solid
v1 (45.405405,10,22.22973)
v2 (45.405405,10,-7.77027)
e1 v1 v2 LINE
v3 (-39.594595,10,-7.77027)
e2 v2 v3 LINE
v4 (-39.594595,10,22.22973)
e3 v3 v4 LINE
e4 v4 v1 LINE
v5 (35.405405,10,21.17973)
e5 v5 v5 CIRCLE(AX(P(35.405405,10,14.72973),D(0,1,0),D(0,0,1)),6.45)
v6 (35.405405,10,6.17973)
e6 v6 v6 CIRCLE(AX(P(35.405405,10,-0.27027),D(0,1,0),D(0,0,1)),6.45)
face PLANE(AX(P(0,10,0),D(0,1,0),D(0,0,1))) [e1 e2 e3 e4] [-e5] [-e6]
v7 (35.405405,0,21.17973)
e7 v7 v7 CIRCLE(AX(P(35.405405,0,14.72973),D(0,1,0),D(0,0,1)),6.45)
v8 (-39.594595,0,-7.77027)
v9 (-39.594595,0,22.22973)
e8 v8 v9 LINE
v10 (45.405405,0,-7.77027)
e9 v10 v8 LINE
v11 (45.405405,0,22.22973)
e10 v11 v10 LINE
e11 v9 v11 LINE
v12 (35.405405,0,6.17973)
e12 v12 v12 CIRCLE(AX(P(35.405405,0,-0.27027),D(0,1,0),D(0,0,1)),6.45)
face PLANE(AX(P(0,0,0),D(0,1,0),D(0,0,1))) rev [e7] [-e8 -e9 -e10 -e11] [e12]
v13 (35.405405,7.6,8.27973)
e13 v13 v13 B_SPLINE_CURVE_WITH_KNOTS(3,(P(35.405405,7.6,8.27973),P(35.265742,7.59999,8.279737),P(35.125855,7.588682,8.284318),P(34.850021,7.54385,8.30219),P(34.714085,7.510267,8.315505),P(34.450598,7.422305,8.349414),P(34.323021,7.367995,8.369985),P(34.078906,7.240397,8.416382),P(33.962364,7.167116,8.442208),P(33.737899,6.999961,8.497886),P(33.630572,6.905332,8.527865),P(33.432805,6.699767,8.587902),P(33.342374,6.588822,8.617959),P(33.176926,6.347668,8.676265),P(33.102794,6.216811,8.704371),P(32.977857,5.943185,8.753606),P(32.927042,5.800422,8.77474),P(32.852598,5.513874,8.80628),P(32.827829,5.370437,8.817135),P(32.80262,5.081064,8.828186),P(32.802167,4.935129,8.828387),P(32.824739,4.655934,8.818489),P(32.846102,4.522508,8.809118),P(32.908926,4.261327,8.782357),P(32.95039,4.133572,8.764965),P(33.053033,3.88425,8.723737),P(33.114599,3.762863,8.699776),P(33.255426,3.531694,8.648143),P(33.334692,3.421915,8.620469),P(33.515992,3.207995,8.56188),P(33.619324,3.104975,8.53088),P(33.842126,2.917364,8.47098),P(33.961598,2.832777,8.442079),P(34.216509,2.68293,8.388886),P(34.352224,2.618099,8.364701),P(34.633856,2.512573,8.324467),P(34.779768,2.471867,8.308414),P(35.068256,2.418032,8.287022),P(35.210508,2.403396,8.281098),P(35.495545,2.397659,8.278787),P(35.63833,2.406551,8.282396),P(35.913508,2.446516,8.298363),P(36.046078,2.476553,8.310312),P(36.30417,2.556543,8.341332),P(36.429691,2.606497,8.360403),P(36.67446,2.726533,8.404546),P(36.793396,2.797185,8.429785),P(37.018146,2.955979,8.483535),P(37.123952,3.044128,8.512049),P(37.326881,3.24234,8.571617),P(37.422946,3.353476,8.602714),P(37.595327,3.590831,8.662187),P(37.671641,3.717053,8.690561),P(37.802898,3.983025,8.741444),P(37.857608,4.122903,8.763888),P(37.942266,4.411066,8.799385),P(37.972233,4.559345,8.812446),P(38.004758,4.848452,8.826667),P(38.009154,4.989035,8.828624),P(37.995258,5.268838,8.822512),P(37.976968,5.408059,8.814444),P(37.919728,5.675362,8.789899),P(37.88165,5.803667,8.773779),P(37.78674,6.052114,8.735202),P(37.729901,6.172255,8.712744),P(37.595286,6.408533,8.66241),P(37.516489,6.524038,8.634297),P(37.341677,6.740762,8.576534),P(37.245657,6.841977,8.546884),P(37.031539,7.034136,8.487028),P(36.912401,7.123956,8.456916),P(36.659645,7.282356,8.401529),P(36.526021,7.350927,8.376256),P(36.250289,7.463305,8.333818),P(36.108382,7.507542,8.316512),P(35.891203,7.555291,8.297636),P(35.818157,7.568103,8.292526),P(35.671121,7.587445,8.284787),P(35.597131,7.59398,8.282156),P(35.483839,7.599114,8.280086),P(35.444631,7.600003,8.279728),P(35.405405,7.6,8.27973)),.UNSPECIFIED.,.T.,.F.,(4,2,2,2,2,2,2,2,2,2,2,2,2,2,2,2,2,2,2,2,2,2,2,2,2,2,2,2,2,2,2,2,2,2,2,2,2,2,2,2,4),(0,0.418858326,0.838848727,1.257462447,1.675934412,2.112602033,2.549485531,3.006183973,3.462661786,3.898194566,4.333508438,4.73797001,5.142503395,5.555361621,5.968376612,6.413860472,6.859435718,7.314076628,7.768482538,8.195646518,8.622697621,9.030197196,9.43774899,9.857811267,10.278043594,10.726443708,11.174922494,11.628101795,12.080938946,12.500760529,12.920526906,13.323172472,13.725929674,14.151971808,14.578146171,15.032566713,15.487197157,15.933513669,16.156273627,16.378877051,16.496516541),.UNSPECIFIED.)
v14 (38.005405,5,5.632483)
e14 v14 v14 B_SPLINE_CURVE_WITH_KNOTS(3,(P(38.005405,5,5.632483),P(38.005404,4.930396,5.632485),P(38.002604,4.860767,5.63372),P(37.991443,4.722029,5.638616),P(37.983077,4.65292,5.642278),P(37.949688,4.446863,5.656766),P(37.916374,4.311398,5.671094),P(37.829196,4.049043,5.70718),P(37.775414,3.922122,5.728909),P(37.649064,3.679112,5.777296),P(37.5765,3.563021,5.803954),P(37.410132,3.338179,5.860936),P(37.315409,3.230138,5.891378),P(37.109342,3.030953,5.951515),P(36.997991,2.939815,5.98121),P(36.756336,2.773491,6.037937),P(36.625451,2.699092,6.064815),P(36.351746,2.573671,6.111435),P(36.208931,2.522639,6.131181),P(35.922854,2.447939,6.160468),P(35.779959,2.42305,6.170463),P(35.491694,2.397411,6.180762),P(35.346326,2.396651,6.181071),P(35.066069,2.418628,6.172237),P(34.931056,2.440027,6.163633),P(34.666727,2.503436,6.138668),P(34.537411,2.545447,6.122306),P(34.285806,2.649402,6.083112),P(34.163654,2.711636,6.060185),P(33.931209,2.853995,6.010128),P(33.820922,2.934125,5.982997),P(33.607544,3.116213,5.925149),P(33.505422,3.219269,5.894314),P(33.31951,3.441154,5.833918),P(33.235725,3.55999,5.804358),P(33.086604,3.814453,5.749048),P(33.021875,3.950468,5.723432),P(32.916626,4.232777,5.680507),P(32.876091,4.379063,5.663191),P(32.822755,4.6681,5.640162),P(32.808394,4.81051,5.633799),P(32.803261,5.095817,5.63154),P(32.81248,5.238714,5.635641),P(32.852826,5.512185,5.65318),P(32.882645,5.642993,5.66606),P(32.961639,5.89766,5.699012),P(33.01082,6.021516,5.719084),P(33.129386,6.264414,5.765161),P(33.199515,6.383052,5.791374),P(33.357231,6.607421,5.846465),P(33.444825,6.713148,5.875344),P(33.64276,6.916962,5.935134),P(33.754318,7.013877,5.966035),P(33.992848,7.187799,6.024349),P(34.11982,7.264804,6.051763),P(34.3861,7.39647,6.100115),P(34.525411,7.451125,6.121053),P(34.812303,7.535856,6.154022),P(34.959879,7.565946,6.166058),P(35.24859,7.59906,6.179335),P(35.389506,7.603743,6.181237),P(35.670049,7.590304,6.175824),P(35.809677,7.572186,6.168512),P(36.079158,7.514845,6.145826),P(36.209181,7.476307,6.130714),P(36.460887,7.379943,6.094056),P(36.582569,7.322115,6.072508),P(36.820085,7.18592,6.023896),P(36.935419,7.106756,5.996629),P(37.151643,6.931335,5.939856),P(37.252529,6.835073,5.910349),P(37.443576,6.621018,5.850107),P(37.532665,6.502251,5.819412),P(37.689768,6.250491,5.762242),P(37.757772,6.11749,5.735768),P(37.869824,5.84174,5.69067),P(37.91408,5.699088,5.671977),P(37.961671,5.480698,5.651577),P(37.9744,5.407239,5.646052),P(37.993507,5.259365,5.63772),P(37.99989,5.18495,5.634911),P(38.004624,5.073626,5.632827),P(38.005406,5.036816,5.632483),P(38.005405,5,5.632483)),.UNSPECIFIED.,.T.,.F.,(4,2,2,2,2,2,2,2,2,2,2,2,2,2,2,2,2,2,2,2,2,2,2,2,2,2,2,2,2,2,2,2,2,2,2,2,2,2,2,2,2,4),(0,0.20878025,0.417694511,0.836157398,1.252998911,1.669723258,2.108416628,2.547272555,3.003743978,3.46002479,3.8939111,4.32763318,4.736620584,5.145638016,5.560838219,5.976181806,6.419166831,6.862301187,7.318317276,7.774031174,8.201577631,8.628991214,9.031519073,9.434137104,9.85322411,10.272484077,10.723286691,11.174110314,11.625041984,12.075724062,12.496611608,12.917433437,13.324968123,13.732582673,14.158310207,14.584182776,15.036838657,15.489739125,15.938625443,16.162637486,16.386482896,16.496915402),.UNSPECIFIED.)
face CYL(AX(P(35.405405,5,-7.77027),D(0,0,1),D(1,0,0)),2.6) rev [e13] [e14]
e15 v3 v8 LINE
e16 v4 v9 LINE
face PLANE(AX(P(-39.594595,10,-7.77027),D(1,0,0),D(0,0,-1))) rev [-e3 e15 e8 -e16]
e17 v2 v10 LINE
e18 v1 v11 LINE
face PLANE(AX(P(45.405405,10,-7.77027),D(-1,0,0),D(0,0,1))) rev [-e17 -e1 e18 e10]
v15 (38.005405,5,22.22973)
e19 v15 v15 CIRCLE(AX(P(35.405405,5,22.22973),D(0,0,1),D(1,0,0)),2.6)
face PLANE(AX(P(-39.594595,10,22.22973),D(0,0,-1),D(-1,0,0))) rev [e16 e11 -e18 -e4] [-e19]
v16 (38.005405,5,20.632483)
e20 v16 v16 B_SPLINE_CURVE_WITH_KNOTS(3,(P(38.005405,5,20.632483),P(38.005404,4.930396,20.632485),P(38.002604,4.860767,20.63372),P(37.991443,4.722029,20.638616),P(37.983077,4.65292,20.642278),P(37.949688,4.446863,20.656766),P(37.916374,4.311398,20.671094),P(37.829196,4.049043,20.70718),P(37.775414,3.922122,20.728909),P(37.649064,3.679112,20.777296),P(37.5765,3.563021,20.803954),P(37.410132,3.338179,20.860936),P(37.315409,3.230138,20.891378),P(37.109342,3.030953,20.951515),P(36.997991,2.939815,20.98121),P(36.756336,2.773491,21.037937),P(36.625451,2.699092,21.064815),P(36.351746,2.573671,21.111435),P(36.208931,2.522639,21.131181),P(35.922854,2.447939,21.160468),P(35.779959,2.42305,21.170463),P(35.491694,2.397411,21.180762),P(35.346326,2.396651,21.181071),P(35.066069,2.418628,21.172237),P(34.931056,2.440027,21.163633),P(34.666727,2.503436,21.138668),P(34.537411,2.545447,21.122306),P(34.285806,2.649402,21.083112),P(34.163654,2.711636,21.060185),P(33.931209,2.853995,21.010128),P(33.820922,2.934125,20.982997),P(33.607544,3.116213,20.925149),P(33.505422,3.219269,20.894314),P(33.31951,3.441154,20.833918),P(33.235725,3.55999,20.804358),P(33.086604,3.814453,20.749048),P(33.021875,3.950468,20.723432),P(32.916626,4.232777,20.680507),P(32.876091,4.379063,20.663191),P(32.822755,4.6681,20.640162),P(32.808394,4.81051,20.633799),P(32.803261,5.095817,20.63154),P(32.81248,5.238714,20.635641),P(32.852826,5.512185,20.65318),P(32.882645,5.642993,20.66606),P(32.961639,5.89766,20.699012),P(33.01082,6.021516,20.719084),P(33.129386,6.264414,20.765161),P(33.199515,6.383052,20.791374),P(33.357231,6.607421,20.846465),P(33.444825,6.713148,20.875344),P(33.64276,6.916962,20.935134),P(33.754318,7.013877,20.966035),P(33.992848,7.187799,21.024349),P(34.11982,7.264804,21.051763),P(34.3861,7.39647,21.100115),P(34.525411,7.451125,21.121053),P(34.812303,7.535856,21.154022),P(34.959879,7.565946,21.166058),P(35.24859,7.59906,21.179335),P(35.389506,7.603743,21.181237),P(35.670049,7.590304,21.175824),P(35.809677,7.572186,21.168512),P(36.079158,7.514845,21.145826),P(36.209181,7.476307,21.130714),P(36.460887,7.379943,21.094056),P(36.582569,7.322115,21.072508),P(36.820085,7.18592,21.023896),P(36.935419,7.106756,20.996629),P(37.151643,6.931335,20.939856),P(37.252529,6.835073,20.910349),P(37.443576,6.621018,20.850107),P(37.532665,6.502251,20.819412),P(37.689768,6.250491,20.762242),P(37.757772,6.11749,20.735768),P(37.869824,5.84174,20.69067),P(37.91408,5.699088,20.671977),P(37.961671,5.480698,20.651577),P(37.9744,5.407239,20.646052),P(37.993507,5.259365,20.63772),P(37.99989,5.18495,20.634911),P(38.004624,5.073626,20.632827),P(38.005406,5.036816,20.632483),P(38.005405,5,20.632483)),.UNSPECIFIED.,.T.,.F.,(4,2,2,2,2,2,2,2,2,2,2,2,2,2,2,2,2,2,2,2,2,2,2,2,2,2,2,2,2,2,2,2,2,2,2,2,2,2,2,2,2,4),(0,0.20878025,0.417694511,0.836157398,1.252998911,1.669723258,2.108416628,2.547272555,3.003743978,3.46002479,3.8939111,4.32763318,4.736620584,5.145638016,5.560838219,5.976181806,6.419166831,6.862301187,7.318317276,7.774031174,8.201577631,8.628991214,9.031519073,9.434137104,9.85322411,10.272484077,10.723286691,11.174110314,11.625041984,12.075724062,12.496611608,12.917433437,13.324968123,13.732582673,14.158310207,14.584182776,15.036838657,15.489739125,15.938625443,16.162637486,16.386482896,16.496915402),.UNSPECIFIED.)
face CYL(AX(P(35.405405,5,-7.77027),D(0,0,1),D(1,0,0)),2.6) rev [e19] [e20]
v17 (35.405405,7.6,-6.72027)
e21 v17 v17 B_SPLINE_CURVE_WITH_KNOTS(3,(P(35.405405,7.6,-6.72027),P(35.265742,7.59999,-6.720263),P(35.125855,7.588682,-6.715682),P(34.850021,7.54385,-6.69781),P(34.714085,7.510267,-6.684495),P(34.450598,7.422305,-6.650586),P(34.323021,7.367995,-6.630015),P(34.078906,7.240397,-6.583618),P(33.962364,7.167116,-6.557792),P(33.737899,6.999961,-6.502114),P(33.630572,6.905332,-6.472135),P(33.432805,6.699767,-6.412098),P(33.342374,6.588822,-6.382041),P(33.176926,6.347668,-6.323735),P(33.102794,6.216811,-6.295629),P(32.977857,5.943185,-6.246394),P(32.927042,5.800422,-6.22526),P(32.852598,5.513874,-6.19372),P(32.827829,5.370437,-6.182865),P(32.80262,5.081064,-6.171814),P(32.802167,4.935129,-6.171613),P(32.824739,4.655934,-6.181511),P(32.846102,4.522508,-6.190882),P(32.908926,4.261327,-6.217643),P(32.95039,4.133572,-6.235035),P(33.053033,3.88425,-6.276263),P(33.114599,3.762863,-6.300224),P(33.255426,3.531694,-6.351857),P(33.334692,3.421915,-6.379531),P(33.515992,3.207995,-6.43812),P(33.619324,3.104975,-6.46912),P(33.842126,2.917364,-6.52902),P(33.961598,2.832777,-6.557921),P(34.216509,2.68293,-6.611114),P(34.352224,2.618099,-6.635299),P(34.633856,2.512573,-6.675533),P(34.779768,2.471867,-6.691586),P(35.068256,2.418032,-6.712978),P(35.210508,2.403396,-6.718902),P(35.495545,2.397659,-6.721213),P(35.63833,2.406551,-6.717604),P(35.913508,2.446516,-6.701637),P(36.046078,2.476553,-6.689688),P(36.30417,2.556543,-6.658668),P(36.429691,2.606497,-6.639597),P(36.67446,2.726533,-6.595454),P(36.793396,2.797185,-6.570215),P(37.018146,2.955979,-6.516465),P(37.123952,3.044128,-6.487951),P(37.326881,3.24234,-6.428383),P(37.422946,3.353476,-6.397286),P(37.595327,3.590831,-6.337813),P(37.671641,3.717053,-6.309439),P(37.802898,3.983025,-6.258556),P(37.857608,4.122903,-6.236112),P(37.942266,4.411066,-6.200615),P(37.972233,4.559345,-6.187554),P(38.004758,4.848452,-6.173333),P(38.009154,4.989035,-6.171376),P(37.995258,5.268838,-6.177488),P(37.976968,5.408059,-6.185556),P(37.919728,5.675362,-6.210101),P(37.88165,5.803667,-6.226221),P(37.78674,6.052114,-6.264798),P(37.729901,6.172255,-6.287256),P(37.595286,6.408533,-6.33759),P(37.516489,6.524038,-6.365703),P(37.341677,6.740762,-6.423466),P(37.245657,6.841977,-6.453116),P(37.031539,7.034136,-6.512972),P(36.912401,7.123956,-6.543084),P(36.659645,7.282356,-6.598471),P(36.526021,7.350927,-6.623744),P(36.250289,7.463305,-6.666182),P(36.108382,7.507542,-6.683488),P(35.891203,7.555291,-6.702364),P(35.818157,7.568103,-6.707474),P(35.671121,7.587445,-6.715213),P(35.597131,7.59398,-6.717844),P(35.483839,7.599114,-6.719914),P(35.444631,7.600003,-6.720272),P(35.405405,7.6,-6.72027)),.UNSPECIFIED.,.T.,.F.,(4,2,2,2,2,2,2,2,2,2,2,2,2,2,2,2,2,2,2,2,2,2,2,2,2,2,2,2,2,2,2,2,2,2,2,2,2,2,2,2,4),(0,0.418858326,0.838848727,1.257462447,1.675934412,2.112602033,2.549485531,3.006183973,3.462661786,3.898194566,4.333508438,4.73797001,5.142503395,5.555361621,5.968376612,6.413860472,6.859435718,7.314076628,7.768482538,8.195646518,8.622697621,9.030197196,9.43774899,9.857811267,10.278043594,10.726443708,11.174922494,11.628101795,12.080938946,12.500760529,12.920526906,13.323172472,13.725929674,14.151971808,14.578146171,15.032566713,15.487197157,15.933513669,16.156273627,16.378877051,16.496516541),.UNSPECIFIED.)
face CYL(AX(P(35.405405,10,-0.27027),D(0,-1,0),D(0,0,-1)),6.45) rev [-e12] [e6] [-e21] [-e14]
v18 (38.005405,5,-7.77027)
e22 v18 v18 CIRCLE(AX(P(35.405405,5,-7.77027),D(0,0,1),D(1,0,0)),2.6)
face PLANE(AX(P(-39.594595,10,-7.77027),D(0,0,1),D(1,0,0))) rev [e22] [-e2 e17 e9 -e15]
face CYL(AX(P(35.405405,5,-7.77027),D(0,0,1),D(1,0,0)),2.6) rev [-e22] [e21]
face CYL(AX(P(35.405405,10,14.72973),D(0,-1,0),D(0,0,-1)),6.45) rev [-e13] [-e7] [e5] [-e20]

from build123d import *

# Parameters (mm, degrees)
SKETCH1_W           = 85
SKETCH1_H           = 30
SKETCH1_R           = 6.45
BOSS_EXTRUDE1_DEPTH = 10
SKETCH2_R           = 2.6
CUT_EXTRUDE1_DEPTH  = 56.332186294


with BuildPart() as part:
    # Sketch1 → Boss-Extrude1 (new body)
    with BuildSketch(Plane(origin=(0, 0, 0), x_dir=(1, 0, 0), z_dir=(0, 1, 0))):
        with Locations((2.905405405, -7.22972973)):
            Rectangle(SKETCH1_W, SKETCH1_H)
        with Locations(Location((35.405405405, 0.27027027, 0), (0, 0, 270))):
            Circle(SKETCH1_R, mode=Mode.SUBTRACT)
        with Locations(Location((35.405405405, -14.72972973, 0), (0, 0, 270))):
            Circle(SKETCH1_R, mode=Mode.SUBTRACT)
    extrude(amount=BOSS_EXTRUDE1_DEPTH)

    # Sketch2 → Cut-Extrude1 (cut, through all)
    with BuildSketch(Plane.XY.offset(22.22972973)):
        with Locations((35.405405405, 5)):
            Circle(SKETCH2_R)
    extrude(amount=-CUT_EXTRUDE1_DEPTH, mode=Mode.SUBTRACT)


solid = part.part
